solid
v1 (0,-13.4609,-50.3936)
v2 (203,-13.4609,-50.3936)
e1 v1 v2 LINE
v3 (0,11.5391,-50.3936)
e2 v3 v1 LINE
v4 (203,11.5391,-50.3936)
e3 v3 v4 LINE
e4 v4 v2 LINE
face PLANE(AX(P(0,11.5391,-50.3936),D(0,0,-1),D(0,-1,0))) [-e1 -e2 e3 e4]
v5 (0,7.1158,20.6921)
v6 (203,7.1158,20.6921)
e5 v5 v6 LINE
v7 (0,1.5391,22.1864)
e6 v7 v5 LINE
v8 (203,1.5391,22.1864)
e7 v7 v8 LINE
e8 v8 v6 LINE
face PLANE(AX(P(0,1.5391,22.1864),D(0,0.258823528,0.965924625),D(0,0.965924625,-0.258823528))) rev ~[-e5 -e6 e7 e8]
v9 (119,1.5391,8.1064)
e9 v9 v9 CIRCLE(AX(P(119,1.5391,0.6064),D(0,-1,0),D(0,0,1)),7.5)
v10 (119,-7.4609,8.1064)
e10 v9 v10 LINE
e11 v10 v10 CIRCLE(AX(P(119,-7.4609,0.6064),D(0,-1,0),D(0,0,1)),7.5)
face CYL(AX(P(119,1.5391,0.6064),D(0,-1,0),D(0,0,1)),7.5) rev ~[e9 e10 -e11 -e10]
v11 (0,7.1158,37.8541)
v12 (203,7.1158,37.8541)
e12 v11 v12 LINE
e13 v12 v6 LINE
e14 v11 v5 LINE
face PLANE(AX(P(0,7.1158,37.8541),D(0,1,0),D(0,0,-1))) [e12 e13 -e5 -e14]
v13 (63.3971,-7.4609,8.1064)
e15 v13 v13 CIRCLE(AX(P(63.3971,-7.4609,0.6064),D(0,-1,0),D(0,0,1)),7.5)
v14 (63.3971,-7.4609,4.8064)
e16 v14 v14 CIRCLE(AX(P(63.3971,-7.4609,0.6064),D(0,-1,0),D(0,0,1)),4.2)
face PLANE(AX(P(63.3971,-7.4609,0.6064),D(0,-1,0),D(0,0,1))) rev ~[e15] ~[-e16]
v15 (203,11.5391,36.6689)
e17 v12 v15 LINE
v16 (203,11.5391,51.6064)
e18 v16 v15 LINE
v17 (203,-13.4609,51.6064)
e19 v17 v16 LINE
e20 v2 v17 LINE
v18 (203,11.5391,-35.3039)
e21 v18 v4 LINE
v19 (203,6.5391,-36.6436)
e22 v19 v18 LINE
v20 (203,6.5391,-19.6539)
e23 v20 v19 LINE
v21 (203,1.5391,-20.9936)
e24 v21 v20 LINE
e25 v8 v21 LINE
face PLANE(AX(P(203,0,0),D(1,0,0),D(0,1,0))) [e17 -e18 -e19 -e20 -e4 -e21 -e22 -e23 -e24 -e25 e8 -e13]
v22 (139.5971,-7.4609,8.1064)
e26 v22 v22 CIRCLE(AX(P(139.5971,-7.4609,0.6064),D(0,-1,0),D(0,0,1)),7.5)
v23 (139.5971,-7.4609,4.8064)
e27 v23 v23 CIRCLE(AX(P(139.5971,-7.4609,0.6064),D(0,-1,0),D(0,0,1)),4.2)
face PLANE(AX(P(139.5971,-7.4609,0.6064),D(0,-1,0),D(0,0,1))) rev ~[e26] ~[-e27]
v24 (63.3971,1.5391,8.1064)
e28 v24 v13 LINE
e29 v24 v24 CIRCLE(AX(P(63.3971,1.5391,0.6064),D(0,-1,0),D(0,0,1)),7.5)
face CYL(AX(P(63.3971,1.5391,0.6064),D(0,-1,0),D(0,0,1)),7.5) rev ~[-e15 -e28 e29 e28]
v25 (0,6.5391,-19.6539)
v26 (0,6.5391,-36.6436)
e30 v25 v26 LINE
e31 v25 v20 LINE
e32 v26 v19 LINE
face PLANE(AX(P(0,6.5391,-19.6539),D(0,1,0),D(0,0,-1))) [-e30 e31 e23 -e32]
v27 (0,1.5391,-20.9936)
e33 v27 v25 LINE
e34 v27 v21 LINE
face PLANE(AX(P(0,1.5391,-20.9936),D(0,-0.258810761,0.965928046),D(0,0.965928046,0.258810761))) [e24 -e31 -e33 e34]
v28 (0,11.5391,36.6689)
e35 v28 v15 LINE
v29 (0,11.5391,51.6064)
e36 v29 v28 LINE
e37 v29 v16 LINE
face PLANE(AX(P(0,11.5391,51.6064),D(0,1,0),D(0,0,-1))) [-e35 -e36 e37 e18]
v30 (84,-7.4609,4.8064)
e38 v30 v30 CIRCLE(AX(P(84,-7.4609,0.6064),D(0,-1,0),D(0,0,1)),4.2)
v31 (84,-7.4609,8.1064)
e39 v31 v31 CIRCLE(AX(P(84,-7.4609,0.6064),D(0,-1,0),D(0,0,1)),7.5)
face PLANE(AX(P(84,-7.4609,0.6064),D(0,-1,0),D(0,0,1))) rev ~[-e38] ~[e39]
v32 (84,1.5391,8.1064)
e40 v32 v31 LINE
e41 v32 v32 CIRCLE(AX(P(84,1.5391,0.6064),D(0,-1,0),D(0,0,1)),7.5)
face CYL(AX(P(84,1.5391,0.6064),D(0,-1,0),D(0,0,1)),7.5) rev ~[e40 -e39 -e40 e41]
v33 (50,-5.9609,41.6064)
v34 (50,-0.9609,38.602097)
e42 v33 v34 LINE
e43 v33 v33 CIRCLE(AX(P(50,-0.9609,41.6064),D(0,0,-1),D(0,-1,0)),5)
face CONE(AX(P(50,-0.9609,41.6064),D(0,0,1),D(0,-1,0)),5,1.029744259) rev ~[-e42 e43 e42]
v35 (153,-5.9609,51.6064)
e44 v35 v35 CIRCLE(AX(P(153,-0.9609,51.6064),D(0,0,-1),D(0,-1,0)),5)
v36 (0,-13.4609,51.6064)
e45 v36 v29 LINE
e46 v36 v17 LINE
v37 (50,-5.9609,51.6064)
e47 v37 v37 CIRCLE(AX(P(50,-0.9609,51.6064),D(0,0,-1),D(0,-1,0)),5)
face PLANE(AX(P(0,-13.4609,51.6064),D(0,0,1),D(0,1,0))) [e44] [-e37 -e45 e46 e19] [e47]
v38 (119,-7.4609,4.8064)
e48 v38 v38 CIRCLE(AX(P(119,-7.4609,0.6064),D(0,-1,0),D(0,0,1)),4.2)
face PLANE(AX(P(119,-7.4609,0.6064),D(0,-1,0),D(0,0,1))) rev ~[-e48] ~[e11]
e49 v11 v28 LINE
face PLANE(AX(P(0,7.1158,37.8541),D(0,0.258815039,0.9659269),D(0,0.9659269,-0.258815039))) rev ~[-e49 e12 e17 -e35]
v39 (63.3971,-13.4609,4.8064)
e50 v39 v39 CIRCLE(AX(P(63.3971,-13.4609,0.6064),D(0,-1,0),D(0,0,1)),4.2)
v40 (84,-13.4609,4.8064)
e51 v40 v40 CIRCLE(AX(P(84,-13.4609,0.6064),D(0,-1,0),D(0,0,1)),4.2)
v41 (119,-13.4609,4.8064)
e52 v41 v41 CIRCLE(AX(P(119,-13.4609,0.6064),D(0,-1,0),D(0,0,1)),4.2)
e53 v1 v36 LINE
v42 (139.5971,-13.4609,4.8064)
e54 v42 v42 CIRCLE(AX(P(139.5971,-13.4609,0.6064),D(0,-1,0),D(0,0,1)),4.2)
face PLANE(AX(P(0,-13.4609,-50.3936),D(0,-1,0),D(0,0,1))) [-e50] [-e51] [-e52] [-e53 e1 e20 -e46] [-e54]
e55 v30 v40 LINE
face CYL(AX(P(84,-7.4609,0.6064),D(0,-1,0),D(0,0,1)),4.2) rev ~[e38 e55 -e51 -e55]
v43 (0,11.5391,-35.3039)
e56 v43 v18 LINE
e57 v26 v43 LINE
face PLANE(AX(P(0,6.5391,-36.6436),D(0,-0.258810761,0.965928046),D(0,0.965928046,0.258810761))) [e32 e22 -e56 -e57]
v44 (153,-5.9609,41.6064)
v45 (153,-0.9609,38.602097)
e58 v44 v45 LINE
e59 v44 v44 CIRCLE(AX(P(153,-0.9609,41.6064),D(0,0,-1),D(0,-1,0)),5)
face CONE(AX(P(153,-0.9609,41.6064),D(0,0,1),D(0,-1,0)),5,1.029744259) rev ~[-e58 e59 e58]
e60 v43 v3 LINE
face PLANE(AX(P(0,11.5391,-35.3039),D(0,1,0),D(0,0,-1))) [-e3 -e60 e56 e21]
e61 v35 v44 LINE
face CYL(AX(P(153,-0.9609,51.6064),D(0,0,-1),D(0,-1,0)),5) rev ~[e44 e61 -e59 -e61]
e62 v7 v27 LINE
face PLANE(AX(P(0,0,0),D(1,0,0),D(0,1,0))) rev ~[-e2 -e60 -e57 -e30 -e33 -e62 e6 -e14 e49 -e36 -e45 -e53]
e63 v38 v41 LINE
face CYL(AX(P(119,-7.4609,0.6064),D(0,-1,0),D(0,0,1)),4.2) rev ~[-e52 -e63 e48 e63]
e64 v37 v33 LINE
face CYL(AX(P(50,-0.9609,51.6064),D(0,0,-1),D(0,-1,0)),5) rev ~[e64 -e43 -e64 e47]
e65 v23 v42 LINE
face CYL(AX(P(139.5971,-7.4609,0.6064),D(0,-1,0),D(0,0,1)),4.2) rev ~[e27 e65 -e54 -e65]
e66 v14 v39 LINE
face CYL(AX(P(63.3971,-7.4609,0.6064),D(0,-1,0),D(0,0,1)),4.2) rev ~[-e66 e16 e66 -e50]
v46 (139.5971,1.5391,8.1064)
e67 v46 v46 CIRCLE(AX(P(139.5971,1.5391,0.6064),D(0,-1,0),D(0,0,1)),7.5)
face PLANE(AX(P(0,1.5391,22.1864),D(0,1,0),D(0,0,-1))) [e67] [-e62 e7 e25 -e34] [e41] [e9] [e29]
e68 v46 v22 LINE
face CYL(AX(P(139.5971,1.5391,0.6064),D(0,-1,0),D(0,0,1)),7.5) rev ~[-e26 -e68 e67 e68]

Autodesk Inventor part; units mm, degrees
ref_plane "YZ Plane" through (0, 0, 0) normal (1, 0, 0) x (0, 1, 0)
ref_plane "XZ Plane" through (0, 0, 0) normal (0, 1, 0) x (-1, 0, 0)
ref_plane "XY Plane" through (0, 0, 0) normal (0, 0, 1) x (1, 0, 0)
sketch "Sketch1" plane through (0, 0, 0) normal (1, 0, 0) x (0, 1, 0)
  line L0 (-13.4609, 51.6064) -> (11.5391, 51.6064)
  line L1 (11.5391, -50.3936) -> (-13.4609, -50.3936)
  line L2 (-13.4609, -50.3936) -> (-13.4609, 51.6064)
  line L3 (-13.4609, 51.6064) -> (11.5391, -50.3936) construction
  line L4 (11.5391, 51.6064) -> (-13.4609, -50.3936) construction
  line L5 (1.5391, 22.1864) -> (1.5391, -20.9936)
  line L6 (7.1158, 37.8541) -> (11.5391, 36.6689)
  line L7 (6.5391, -36.6436) -> (11.5391, -35.3039)
  line L8 (6.5391, -36.6436) -> (13.9505, -36.6436) construction
  line L9 (1.5391, 22.1864) -> (7.1158, 20.6921)
  line L10 (1.5391, -20.9936) -> (6.5391, -19.6539)
  line L11 (7.1158, 37.8541) -> (7.1158, 20.6921)
  line L12 (6.5391, -19.6539) -> (6.5391, -36.6436)
  line L13 (11.5391, 51.6064) -> (11.5391, 36.6689)
  line L14 (11.5391, -35.3039) -> (11.5391, -50.3936)
  point P0 (-0.9609, 0.6064)
  dimension "d2" = 25
  dimension "d3" = 102
  dimension "d4" = 43.18
  dimension "d5" = 21.6
  dimension "d6" = 74.5
  dimension "d7" = 37.25
  dimension "d10" = 15
  dimension "d43" = 75
extrude "Extrusion1" add sketch "Sketch1" along normal blind 203
sketch "Sketch2" plane through (0, 1.5391, 22.1864) normal (0, 1, 0) x (1, 0, 0)
  line L0 (0, 72.58) -> (203, 72.58) projected
  point P0 (0, 22.1864)
  point P1 (63.3971, 21.58)
  point P2 (139.5971, 21.58)
  dimension "d14" = 76.2
  dimension "d15" = 63.4
  dimension "d44" = 51
  dimension "d45" = 51
hole "Hole1" at (63.3971, 1.5391, 0.6064) at (139.5971, 1.5391, 0.6064) direction (0, -1, 0) diameter 8.4 end through all counterbore diameter 15 counterbore depth 9
sketch "Sketch3" plane through (0, 1.5391, 22.1864) normal (0, 1, 0) x (1, 0, 0)
  line L0 (0, 72.58) -> (203, 72.58) projected
  line L1 (0, 0) -> (0, 43.18) projected
  point P0 (0, 22.1864)
  point P1 (84, 21.58)
  point P2 (119, 21.58)
  dimension "d23" = 35
  dimension "d46" = 51
  dimension "d47" = 51
  dimension "d48" = 84
hole "Hole2" at (84, 1.5391, 0.6064) at (119, 1.5391, 0.6064) direction (0, -1, 0) diameter 8.4 end through all counterbore diameter 15 counterbore depth 9
sketch "Sketch4" plane through (0, -13.4609, 51.6064) normal (0, 0, 1) x (1, 0, 0)
  line L0 (0, 0) -> (203, 0) projected
  line L1 (0, 0) -> (0, 25) projected
  line L2 (203, 25) -> (203, 0) projected
  point P0 (0, 13.4609)
  point P1 (50, 12.5)
  point P2 (153, 12.5)
  dimension "d32" = 12.5
  dimension "d33" = 12.5
  dimension "d34" = 50
  dimension "d35" = 50
hole "Hole3" at (50, -0.9609, 51.6064) at (153, -0.9609, 51.6064) direction (0, 0, -1) diameter 10 depth 10 tip angle 118
properties part number "czescuchwytu" material "Iron, Cast"
